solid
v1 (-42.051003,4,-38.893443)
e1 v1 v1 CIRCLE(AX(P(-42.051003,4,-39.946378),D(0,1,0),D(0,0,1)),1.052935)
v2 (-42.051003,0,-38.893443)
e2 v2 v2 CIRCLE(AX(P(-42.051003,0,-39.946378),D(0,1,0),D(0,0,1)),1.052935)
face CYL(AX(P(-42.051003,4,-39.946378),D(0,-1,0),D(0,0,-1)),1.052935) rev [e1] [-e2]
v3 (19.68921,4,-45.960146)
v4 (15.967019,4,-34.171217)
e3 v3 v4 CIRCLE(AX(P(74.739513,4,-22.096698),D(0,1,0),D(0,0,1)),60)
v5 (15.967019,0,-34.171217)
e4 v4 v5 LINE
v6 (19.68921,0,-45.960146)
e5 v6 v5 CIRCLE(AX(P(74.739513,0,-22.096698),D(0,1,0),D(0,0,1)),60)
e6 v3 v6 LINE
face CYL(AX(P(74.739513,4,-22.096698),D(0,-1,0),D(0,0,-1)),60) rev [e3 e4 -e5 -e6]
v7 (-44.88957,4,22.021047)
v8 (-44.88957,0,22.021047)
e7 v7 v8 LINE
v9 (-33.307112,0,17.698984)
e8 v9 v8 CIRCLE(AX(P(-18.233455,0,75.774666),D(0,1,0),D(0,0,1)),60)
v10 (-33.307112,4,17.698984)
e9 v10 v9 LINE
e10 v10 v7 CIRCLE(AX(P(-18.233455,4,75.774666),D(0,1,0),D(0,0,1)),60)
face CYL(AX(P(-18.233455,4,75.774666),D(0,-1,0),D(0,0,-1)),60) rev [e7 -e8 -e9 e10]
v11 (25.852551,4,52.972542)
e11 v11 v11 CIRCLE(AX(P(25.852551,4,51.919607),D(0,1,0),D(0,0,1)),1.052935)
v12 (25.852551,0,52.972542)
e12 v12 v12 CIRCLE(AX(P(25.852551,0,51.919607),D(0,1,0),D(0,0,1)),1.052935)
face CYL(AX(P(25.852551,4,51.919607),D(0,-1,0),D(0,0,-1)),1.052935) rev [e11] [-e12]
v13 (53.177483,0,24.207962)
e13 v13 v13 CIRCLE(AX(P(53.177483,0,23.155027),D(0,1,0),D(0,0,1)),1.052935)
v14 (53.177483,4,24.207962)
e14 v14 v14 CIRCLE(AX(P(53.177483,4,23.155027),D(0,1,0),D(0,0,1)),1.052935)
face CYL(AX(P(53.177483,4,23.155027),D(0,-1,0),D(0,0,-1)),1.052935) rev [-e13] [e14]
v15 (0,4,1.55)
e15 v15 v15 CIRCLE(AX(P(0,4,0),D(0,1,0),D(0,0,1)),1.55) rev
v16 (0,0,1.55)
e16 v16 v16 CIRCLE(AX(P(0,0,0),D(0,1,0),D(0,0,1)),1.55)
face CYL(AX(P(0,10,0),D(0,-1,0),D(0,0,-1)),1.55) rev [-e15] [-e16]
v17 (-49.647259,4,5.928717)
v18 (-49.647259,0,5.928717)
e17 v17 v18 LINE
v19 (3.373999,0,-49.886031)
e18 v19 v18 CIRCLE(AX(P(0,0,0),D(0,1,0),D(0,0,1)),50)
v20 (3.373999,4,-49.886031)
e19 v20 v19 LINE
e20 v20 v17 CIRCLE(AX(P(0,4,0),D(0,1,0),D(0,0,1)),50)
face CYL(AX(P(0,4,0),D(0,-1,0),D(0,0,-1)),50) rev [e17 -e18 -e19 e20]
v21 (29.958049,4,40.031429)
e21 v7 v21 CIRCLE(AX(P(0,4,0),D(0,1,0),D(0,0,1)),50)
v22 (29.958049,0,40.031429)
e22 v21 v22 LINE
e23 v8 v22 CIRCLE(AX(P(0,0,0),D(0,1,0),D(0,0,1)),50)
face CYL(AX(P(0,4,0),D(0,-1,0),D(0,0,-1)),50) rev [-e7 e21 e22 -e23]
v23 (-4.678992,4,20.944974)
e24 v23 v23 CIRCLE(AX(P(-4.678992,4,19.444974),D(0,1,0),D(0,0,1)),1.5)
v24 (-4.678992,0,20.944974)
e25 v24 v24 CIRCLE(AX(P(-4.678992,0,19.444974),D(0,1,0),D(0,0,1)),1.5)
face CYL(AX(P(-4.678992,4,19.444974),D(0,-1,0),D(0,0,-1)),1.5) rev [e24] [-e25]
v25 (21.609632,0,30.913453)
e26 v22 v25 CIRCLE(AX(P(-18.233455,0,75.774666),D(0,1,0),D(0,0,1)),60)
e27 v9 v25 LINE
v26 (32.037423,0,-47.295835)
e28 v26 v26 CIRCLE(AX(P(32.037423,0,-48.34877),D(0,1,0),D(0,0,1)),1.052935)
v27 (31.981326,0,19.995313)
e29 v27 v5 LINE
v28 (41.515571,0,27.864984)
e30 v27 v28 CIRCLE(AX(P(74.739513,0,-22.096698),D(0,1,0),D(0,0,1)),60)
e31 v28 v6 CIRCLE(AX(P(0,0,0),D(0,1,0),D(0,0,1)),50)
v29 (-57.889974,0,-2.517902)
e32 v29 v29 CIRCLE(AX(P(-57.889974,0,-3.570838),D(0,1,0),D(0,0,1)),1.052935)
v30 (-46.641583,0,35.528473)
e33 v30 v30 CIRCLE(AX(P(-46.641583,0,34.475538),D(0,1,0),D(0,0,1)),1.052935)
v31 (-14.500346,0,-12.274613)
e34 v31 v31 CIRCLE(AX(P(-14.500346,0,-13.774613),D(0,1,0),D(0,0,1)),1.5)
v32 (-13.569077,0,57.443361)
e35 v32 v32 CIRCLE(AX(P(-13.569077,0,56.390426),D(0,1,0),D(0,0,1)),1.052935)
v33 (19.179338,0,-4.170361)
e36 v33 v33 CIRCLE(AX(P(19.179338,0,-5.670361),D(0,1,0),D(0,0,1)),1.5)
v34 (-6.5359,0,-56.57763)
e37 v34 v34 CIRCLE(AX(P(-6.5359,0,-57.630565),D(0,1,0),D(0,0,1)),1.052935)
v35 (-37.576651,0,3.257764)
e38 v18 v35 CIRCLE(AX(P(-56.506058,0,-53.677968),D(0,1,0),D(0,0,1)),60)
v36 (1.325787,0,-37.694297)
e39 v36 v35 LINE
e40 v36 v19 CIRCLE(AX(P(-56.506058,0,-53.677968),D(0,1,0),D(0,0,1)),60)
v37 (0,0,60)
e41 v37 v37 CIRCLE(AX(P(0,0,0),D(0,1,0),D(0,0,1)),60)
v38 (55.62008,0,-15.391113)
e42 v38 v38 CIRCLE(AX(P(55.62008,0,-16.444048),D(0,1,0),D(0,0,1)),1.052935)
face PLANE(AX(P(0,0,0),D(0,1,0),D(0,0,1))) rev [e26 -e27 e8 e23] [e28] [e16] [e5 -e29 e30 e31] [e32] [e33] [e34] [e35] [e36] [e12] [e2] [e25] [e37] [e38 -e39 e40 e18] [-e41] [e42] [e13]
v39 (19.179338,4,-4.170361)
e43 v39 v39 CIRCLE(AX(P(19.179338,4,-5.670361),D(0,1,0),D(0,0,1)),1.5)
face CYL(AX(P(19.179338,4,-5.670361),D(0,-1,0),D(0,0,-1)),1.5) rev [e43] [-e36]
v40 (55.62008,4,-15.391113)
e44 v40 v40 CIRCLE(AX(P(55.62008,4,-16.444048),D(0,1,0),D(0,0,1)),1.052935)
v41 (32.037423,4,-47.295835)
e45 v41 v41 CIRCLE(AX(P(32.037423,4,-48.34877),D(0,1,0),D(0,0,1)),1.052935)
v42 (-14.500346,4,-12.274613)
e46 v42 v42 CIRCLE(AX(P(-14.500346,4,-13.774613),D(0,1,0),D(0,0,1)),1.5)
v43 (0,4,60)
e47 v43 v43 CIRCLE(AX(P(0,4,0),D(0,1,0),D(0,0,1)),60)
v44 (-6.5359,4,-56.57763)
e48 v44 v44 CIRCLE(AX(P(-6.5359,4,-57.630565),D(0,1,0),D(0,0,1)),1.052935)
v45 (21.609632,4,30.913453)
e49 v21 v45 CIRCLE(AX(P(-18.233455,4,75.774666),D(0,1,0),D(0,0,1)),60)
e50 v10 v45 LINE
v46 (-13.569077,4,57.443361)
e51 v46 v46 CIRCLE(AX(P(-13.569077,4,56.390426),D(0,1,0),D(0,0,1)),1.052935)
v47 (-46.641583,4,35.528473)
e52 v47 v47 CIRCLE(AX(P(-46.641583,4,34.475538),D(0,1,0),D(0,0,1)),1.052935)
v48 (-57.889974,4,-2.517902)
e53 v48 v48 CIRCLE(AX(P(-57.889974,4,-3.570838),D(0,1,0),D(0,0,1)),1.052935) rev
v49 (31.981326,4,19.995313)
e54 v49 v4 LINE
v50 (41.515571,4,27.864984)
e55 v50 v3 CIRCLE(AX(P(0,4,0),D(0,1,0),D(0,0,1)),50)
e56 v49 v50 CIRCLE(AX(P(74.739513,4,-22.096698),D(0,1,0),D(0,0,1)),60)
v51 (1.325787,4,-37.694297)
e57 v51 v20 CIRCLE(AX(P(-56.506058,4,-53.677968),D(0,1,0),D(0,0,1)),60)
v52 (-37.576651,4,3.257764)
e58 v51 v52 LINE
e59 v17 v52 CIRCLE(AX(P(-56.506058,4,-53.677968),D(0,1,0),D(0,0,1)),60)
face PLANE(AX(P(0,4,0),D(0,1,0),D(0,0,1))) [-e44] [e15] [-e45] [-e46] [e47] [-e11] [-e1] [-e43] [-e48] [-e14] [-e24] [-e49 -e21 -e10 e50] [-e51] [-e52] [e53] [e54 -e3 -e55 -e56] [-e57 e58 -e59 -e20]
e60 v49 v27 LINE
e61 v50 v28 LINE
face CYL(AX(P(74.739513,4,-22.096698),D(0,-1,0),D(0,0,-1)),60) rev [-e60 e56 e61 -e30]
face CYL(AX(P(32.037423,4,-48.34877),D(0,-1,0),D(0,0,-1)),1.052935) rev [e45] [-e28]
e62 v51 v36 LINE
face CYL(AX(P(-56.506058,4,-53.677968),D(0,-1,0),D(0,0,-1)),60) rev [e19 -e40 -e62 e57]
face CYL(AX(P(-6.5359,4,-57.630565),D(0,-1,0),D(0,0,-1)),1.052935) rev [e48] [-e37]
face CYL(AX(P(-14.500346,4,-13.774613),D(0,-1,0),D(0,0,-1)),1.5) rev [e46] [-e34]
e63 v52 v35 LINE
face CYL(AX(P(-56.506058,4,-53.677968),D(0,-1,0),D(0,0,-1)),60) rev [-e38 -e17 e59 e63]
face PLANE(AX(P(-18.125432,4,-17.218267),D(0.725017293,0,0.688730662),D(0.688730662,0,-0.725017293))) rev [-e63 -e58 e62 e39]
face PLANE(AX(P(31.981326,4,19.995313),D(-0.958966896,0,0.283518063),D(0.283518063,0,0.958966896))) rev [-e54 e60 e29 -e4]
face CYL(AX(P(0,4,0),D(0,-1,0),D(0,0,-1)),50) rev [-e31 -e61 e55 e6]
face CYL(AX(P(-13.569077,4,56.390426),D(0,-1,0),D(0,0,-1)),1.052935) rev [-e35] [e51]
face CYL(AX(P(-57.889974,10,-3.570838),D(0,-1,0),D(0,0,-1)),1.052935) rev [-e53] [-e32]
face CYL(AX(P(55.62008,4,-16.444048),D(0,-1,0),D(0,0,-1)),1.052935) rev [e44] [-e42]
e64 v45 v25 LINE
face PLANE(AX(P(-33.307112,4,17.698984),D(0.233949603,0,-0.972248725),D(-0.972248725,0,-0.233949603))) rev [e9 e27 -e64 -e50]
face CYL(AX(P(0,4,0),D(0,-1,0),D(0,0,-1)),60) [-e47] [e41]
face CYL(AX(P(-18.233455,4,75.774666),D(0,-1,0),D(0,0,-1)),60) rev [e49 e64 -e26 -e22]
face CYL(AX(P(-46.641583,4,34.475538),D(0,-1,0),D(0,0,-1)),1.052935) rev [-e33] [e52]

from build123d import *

# Parameters (mm, degrees)
SKETCH_3_R           = 60
SKETCH_3_R_2         = 1.052935028
SKETCH_3_R_3         = 1.5
EXTRUDE_4_DEPTH      = 4
CUT_EXTRUDE_15_DEPTH = 4
SKETCH_3_22_R        = 1.55
CUT_EXTRUDE_23_DEPTH = 10
SKETCH_3_23_R        = 1.052935028
CUT_EXTRUDE_24_DEPTH = 10


with BuildPart() as part:
    # 草图3 → 凸台-拉伸4 (new body)
    with BuildSketch(Plane(origin=(0, 0, 0), x_dir=(1, 0, 0), z_dir=(0, 1, 0))):
        Circle(SKETCH_3_R)
        with Locations((-46.641583195, -34.475537952)):
            Circle(SKETCH_3_R_2, mode=Mode.SUBTRACT)
        with Locations((-13.569076992, -56.390426045)):
            Circle(SKETCH_3_R_2, mode=Mode.SUBTRACT)
        with BuildLine():
            ThreePointArc((-44.889569885, -22.021047103), (-39.209954392, -19.560908928), (-33.307112163, -17.698983687))
            Line((-33.307112163, -17.698983687), (21.609631998, -30.913452559))
            ThreePointArc((21.609631998, -30.913452559), (26.019303967, -35.256850436), (29.958048994, -40.031428909))
            ThreePointArc((29.958048994, -40.031428909), (-11.697480165, -48.612436246), (-44.889569885, -22.021047103))
        make_face(mode=Mode.SUBTRACT)
        with Locations((-4.678992066, -19.444974498)):
            Circle(SKETCH_3_R_3, mode=Mode.SUBTRACT)
        with Locations((25.852551139, -51.919607083)):
            Circle(SKETCH_3_R_2, mode=Mode.SUBTRACT)
        with Locations((53.177483273, -23.155026944)):
            Circle(SKETCH_3_R_2, mode=Mode.SUBTRACT)
        with Locations((-14.500345858, 13.774613243)):
            Circle(SKETCH_3_R_3, mode=Mode.SUBTRACT)
        with BuildLine():
            ThreePointArc((15.967019236, 34.171216556), (17.523676152, 40.161803442), (19.689209887, 45.960145931))
            ThreePointArc((19.689209887, 45.960145931), (47.948344812, 14.175903139), (41.515571152, -27.864984334))
            ThreePointArc((41.515571152, -27.864984334), (36.545221249, -24.176362121), (31.981325576, -19.995313417))
            Line((31.981325576, -19.995313417), (15.967019236, 34.171216556))
        make_face(mode=Mode.SUBTRACT)
        with Locations((55.620079982, 16.444047642)):
            Circle(SKETCH_3_R_2, mode=Mode.SUBTRACT)
        with Locations((32.037423118, 48.34876958)):
            Circle(SKETCH_3_R_2, mode=Mode.SUBTRACT)
        with Locations((-42.05100299, 39.946378404)):
            Circle(SKETCH_3_R_2, mode=Mode.SUBTRACT)
        with Locations((-6.535900078, 57.630564895)):
            Circle(SKETCH_3_R_2, mode=Mode.SUBTRACT)
        with Locations((19.179337925, 5.670361256)):
            Circle(SKETCH_3_R_3, mode=Mode.SUBTRACT)
    extrude(amount=EXTRUDE_4_DEPTH)

    # 草图3<17> → 切除-拉伸15 (cut)
    with BuildSketch(Plane(origin=(0, 0, 0), x_dir=(1, 0, 0), z_dir=(0, 1, 0))):
        with BuildLine():
            Line((1.325786588, 37.694297104), (-37.576651234, -3.257763997))
            ThreePointArc((-37.576651234, -3.257763997), (-43.542980118, -4.904953006), (-49.647258882, -5.928717023))
            ThreePointArc((-49.647258882, -5.928717023), (-36.250864646, 34.436533107), (3.373998733, 49.886031437))
            ThreePointArc((3.373998733, 49.886031437), (2.664733143, 43.737271049), (1.325786588, 37.694297104))
        make_face()
    extrude(amount=CUT_EXTRUDE_15_DEPTH, mode=Mode.SUBTRACT)

    # 草图3<22> → 切除-拉伸23 (cut)
    with BuildSketch(Plane(origin=(0, 0, 0), x_dir=(1, 0, 0), z_dir=(0, 1, 0))):
        Circle(SKETCH_3_22_R)
    extrude(amount=CUT_EXTRUDE_23_DEPTH, mode=Mode.SUBTRACT)

    # 草图3<23> → 切除-拉伸24 (cut)
    with BuildSketch(Plane(origin=(0, 0, 0), x_dir=(1, 0, 0), z_dir=(0, 1, 0))):
        with Locations((-57.889974257, 3.570837502)):
            Circle(SKETCH_3_23_R)
    extrude(amount=CUT_EXTRUDE_24_DEPTH, mode=Mode.SUBTRACT)


solid = part.part
